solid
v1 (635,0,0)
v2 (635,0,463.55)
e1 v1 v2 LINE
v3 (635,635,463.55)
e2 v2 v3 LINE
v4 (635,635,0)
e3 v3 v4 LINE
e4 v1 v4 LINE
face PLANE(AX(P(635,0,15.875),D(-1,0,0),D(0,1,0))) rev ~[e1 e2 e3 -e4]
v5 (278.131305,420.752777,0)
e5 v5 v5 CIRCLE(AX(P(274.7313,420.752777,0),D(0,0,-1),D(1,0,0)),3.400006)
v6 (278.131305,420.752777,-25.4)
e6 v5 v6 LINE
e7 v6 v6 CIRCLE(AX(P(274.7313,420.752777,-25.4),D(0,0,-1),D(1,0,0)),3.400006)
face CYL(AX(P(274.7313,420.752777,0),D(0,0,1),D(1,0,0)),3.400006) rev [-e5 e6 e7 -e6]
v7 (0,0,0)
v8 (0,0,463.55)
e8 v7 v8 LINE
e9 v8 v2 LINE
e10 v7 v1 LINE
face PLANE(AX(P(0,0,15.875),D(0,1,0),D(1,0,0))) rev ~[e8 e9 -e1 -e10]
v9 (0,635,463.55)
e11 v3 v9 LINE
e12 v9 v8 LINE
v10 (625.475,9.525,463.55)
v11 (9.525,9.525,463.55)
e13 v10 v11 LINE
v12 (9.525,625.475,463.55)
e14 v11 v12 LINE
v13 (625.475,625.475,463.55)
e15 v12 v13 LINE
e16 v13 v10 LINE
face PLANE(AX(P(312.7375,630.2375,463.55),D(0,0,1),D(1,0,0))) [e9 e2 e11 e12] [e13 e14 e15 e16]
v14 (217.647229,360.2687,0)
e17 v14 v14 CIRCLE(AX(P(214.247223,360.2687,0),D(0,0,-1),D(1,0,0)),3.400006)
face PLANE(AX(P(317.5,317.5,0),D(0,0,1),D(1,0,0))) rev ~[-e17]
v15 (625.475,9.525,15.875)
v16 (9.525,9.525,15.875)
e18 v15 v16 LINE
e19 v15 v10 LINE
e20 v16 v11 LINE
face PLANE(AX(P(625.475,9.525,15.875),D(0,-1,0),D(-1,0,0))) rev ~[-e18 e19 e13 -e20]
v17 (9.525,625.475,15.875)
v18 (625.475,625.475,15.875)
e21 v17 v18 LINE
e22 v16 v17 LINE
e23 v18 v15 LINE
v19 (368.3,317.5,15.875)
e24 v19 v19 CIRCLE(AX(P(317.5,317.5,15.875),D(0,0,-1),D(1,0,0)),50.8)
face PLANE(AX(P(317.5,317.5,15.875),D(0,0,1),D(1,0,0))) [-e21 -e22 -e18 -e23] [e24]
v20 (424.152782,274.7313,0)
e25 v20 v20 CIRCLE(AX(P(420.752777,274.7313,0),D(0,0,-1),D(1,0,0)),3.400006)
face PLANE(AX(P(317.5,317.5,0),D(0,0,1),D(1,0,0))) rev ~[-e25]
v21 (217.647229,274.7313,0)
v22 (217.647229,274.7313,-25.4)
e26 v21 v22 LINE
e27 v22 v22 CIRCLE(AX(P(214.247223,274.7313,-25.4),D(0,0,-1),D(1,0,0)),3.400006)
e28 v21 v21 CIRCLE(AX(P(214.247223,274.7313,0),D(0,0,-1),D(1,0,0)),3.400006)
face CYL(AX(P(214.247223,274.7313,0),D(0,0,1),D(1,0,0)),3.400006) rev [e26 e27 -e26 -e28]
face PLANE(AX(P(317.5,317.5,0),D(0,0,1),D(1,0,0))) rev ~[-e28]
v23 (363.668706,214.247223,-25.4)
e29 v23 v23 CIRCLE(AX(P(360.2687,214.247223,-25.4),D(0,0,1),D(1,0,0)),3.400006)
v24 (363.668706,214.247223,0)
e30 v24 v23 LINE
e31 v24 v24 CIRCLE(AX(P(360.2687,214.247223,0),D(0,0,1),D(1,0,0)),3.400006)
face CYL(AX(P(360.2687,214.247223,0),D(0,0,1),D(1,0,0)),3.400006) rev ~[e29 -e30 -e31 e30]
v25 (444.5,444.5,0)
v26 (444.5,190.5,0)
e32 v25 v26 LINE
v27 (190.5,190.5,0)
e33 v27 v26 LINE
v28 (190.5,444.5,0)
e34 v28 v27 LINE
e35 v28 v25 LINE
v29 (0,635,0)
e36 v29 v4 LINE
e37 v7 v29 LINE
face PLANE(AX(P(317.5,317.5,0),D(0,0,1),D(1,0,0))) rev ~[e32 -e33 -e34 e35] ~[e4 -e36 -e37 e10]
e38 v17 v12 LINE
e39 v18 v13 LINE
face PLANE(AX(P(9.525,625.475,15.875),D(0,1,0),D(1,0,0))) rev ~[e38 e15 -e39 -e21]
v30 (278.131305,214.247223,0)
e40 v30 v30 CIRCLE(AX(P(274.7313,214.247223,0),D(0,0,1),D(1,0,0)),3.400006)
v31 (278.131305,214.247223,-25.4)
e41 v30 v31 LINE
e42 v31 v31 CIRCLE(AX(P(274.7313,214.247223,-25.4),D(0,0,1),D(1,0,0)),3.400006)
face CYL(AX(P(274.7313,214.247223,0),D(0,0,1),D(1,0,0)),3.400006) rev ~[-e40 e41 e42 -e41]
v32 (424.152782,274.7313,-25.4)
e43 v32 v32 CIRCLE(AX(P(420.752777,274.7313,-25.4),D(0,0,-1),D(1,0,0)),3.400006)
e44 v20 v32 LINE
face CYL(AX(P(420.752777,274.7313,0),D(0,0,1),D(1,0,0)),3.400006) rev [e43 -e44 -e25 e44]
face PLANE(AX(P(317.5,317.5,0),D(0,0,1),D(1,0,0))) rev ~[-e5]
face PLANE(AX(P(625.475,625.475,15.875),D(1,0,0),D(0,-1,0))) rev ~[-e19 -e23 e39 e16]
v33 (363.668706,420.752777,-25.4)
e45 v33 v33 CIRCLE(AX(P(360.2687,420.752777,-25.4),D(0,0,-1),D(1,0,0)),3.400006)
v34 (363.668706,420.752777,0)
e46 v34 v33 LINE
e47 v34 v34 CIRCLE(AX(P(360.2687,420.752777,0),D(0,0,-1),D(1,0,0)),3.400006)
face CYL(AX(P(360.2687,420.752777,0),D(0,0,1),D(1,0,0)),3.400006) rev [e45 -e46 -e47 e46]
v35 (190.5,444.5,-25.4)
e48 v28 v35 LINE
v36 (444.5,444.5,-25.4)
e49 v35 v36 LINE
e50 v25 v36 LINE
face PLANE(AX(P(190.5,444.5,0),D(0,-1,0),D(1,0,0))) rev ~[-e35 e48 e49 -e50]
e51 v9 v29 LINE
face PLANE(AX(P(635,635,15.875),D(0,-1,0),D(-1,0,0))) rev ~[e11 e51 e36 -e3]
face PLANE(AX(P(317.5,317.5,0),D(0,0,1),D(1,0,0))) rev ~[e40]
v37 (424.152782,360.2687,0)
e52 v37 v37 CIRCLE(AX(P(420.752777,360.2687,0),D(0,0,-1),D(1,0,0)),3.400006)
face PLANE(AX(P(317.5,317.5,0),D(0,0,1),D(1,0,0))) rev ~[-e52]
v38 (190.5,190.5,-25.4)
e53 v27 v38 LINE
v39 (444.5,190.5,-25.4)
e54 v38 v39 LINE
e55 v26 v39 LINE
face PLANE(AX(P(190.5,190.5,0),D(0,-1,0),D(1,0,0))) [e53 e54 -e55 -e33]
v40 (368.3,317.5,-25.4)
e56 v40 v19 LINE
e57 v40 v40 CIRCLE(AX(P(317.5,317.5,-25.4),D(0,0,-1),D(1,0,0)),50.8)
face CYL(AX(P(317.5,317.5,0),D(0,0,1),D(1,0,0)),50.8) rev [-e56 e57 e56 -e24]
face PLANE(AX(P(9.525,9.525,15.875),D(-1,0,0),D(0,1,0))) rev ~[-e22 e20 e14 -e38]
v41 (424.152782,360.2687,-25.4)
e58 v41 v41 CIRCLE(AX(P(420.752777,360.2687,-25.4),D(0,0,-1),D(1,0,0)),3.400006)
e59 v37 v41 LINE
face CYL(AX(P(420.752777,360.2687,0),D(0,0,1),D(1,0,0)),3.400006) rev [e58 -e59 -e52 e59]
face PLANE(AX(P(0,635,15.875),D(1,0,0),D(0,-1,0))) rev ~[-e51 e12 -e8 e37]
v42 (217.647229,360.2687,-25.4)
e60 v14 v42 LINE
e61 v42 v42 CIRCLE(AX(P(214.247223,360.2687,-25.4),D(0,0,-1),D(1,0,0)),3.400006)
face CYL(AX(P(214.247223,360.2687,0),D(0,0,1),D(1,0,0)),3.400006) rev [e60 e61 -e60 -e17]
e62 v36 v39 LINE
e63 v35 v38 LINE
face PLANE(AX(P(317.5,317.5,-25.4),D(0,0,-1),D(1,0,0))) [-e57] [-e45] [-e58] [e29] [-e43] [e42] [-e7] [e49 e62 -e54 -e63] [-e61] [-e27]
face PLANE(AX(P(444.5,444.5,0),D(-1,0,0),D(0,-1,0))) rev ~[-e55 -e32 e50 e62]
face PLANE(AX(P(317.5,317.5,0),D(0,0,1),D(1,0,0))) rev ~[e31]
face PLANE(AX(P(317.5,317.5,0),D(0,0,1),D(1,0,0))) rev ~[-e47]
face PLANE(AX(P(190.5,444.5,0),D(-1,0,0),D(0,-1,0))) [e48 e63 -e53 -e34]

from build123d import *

# Parameters (mm, degrees)
F0_W     = 635
F0_H     = 635
F1_DEPTH = 15.875
F3_DEPTH = 447.675
F4_R     = 50.8
F5_DEPTH = 25.4
F6_W     = 254
F6_H     = 254
F6_R     = 3.4000059
F6_R_2   = 50.8
F7_DEPTH = 25.4


with BuildPart() as f1:
    # F0 (on Top) → F1 (new body)
    with BuildSketch(Plane.XY):
        with Locations((317.5, 317.5)):
            Rectangle(F0_W, F0_H)
    extrude(amount=F1_DEPTH)

    # F2 (on face) → F3 (join)
    with BuildSketch(Plane.XY.offset(15.875)):
        Polygon((0, 635), (0, 625.475), (9.525, 625.475), (625.475, 625.475), (625.475, 635), align=None)
        Polygon((0, 625.475), (0, 0), (9.525, 0), (9.525, 9.525), (9.525, 625.475), align=None)
        Polygon((9.525, 9.525), (9.525, 0), (635, 0), (635, 9.525), (625.475, 9.525), align=None)
        Polygon((625.475, 625.475), (625.475, 9.525), (635, 9.525), (635, 635), (625.475, 635), align=None)
    extrude(amount=F3_DEPTH)

    # F4 (on face) → F5 (cut, symmetric)
    with BuildSketch(Plane(origin=(0, 0, 0), x_dir=(1, 0, 0), z_dir=(0, 0, -1))):
        with Locations((317.5, -317.5)):
            Circle(F4_R)
    extrude(amount=F5_DEPTH, both=True, mode=Mode.SUBTRACT)

    # F6 (on face) → F7 (join)
    with BuildSketch(Plane(origin=(0, 0, 0), x_dir=(1, 0, 0), z_dir=(0, 0, -1))):
        with Locations((317.5, -317.5)):
            Rectangle(F6_W, F6_H)
        with Locations((274.7312995989, -420.7527765535)):
            Circle(F6_R, mode=Mode.SUBTRACT)
        with Locations((214.2472234465, -360.2687004011)):
            Circle(F6_R, mode=Mode.SUBTRACT)
        with Locations((360.2687004011, -420.7527765535)):
            Circle(F6_R, mode=Mode.SUBTRACT)
        with Locations((420.7527765535, -360.2687004011)):
            Circle(F6_R, mode=Mode.SUBTRACT)
        with Locations((214.2472234465, -274.7312995989)):
            Circle(F6_R, mode=Mode.SUBTRACT)
        with BuildLine():
            ThreePointArc((271.3312936989, -214.2472234465), (274.7312995989, -210.8472175465), (278.1313054989, -214.2472234465))
            ThreePointArc((278.1313054989, -214.2472234465), (274.7312995989, -217.6472293465), (271.3312936989, -214.2472234465))
        make_face(mode=Mode.SUBTRACT)
        with Locations((317.5, -317.5)):
            Circle(F6_R_2, mode=Mode.SUBTRACT)
        with Locations((420.7527765535, -274.7312995989)):
            Circle(F6_R, mode=Mode.SUBTRACT)
        with BuildLine():
            ThreePointArc((356.8686945011, -214.2472234465), (360.2687004011, -210.8472175465), (363.6687063011, -214.2472234465))
            ThreePointArc((363.6687063011, -214.2472234465), (360.2687004011, -217.6472293465), (356.8686945011, -214.2472234465))
        make_face(mode=Mode.SUBTRACT)
    extrude(amount=F7_DEPTH)


solid = f1.part
